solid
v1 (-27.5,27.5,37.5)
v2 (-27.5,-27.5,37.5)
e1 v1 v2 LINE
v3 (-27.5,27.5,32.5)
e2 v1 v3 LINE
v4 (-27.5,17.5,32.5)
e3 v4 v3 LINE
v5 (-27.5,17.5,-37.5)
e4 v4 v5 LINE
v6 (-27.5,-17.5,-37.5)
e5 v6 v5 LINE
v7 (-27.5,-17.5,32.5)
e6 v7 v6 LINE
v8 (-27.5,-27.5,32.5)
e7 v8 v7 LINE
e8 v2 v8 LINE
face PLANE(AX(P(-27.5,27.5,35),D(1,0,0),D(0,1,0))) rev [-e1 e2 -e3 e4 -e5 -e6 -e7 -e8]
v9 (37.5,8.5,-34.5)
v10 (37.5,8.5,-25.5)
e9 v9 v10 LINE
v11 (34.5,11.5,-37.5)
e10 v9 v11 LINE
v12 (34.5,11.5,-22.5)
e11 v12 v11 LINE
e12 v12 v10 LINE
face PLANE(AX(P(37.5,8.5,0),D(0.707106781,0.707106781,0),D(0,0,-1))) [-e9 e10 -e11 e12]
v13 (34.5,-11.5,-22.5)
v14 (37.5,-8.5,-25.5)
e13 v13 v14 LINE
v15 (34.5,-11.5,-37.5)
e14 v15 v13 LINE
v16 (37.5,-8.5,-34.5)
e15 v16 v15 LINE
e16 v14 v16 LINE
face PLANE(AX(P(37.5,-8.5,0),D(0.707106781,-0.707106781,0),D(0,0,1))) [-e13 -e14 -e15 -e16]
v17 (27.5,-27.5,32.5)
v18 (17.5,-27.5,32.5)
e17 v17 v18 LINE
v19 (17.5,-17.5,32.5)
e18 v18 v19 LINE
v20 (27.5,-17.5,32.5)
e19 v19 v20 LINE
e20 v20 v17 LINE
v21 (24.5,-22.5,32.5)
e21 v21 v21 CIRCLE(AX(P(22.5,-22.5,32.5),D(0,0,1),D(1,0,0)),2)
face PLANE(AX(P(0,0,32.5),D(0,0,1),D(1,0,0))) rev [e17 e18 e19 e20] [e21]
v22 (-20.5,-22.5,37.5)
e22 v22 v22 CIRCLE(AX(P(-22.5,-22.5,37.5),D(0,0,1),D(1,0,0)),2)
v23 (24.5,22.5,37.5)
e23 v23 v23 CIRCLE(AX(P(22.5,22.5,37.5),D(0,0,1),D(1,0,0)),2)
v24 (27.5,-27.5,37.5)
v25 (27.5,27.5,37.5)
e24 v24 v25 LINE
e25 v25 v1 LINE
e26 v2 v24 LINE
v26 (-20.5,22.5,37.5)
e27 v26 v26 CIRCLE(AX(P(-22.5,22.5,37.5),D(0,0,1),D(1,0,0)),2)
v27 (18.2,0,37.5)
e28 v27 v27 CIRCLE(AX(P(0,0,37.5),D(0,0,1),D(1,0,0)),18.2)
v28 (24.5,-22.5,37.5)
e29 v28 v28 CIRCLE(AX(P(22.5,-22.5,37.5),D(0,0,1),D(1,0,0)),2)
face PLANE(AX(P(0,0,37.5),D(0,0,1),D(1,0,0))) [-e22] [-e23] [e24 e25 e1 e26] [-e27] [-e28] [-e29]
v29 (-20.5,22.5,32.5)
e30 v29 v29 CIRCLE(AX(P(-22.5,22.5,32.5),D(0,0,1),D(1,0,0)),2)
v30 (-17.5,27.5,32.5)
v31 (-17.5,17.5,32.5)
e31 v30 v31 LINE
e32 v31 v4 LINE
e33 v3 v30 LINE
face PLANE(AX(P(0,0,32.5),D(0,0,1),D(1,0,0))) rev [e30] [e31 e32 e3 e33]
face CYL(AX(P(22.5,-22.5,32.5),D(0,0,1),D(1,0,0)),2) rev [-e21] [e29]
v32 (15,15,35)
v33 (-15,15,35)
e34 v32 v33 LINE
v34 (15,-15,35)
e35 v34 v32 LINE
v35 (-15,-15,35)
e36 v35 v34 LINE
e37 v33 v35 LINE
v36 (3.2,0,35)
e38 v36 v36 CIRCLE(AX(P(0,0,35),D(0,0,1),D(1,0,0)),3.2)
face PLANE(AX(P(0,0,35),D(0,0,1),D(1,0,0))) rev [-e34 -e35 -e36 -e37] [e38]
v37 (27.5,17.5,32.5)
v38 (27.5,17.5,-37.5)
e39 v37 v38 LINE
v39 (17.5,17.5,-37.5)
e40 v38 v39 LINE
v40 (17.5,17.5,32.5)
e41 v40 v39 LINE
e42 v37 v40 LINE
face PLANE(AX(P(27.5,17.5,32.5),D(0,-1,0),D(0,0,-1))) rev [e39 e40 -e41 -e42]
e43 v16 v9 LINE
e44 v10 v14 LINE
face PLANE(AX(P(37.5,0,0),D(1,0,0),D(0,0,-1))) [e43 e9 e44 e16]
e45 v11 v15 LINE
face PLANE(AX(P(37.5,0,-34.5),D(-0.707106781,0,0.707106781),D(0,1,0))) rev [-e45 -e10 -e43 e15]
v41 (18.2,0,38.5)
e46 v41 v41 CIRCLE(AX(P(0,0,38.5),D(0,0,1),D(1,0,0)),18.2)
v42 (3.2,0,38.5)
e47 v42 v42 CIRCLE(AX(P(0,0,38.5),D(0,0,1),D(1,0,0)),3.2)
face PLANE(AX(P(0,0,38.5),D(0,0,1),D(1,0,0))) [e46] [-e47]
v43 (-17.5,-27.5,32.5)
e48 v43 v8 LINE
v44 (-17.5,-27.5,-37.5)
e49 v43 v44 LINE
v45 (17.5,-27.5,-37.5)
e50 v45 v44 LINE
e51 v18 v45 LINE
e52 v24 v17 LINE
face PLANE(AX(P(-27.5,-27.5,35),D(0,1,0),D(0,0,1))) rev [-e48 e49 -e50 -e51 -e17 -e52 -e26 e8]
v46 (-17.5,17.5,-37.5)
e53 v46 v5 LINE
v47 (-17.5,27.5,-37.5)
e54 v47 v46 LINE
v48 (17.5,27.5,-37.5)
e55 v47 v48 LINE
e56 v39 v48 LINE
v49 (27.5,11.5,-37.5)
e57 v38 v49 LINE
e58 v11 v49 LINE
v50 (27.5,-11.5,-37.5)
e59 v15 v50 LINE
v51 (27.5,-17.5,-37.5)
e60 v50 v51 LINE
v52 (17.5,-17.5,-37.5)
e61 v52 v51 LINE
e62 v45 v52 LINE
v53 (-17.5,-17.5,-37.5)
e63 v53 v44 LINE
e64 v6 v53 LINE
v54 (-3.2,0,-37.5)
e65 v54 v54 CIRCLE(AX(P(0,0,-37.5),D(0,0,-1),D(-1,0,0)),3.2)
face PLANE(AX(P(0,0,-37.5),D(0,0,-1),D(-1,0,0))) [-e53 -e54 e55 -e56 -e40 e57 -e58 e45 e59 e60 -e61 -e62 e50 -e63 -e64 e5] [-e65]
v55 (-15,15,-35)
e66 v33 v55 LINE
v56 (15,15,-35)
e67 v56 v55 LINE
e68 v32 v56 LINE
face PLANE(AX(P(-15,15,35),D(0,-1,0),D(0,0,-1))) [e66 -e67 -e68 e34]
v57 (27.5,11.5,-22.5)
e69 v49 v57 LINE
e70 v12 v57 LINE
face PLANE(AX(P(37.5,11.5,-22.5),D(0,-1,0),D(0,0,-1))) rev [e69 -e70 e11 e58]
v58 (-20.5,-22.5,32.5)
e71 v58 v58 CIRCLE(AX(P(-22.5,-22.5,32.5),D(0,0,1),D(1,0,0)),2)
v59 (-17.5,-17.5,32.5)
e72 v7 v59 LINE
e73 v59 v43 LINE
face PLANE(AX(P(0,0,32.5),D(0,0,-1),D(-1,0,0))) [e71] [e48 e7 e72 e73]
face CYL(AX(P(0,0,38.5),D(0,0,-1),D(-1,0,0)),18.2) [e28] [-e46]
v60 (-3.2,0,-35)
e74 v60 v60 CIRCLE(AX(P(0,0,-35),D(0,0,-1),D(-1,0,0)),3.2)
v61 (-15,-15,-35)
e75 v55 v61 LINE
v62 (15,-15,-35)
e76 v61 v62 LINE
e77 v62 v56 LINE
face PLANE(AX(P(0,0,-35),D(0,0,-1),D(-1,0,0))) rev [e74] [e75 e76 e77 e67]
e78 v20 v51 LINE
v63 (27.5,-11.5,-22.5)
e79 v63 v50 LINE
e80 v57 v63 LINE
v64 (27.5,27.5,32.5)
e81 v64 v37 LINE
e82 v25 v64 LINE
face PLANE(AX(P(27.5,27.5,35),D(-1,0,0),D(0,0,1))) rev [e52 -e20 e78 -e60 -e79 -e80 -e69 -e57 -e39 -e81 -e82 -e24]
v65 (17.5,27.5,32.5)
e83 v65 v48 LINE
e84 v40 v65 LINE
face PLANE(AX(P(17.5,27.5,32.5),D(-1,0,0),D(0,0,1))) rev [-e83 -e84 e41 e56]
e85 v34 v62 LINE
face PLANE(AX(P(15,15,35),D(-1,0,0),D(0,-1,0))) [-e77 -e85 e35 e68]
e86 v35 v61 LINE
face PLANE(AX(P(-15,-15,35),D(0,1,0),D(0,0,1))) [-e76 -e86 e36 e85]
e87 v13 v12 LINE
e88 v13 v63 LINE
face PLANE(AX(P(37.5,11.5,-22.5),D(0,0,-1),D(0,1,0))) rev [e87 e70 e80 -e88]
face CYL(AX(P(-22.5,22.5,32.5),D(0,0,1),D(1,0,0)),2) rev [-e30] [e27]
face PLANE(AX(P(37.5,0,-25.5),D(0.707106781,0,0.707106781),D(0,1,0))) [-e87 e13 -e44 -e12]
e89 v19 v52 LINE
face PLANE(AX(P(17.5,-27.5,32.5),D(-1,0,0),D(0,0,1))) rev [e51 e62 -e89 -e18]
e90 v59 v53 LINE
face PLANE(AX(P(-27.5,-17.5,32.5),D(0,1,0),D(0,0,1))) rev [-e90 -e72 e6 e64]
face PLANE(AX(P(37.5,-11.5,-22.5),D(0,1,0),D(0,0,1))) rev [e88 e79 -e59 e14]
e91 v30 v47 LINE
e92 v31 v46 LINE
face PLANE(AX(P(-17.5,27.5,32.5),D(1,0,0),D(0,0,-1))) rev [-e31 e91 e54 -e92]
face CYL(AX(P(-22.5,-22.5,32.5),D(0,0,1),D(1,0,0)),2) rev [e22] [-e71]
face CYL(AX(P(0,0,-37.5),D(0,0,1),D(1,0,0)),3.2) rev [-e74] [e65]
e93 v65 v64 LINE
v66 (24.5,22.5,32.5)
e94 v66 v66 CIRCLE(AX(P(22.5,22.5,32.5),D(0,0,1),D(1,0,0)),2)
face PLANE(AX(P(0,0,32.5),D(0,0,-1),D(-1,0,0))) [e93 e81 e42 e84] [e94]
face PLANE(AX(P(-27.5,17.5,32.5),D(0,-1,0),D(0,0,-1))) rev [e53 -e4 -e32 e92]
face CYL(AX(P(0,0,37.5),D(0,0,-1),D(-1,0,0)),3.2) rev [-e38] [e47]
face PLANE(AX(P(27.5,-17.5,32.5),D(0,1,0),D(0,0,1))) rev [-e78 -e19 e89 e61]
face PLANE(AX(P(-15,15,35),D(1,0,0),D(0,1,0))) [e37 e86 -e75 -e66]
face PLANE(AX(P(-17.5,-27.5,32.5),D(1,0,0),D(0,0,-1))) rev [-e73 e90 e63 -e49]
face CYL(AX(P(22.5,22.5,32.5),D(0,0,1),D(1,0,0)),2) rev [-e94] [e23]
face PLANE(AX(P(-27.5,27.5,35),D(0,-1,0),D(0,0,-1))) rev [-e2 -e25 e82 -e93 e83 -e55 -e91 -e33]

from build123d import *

# Parameters (mm, degrees)
SKETCH2_W           = 55
SKETCH2_H           = 55
SKETCH2_W_2         = 30
SKETCH2_H_2         = 30
BOSS_EXTRUDE1_DEPTH = 35
SKETCH3_W           = 55
SKETCH3_H           = 55
SKETCH3_R           = 3.2
BOSS_EXTRUDE2_DEPTH = 2.5
SKETCH4_W           = 55
SKETCH4_H           = 55
SKETCH4_R           = 3.2
BOSS_EXTRUDE3_DEPTH = 2.5
SKETCH6_R           = 18.2
SKETCH6_R_2         = 3.2
BOSS_EXTRUDE4_DEPTH = 1
SKETCH7_W           = 15
SKETCH7_H           = 23
BOSS_EXTRUDE5_DEPTH = 10
CHAMFER1_SIZE       = 3
SKETCH8_W           = 10
SKETCH8_H           = 10
CUT_EXTRUDE1_DEPTH  = 70
SKETCH9_R           = 2
CUT_EXTRUDE2_DEPTH  = 5


with BuildPart() as part:
    # Sketch2 → Boss-Extrude1 (new body, symmetric)
    with BuildSketch(Plane.XY):
        Rectangle(SKETCH2_W, SKETCH2_H)
        Rectangle(SKETCH2_W_2, SKETCH2_H_2, mode=Mode.SUBTRACT)
    extrude(amount=BOSS_EXTRUDE1_DEPTH, both=True)

    # Sketch3 → Boss-Extrude2 (add)
    with BuildSketch(Plane.XY.offset(35)):
        Rectangle(SKETCH3_W, SKETCH3_H)
        Circle(SKETCH3_R, mode=Mode.SUBTRACT)
    extrude(amount=BOSS_EXTRUDE2_DEPTH)

    # Sketch4 → Boss-Extrude3 (add)
    with BuildSketch(Plane(origin=(0, 0, -35), x_dir=(-1, 0, 0), z_dir=(0, 0, -1))):
        Rectangle(SKETCH4_W, SKETCH4_H)
        Circle(SKETCH4_R, mode=Mode.SUBTRACT)
    extrude(amount=BOSS_EXTRUDE3_DEPTH)

    # Sketch6 → Boss-Extrude4 (add)
    with BuildSketch(Plane.XY.offset(37.5)):
        Circle(SKETCH6_R)
        Circle(SKETCH6_R_2, mode=Mode.SUBTRACT)
    extrude(amount=BOSS_EXTRUDE4_DEPTH)

    # Sketch7 → Boss-Extrude5 (add)
    with BuildSketch(Plane(origin=(27.5, 0, 0), x_dir=(0, 0, -1), z_dir=(1, 0, 0))):
        with Locations((30, 0)):
            Rectangle(SKETCH7_W, SKETCH7_H)
    extrude(amount=BOSS_EXTRUDE5_DEPTH)

    # Chamfer1
    chamfer1_edges = [part.edges().sort_by_distance(p)[0] for p in [
        (37.5, 0, -22.5),
        (37.5, -11.5, -30),
        (37.5, 0, -37.5),
        (37.5, 11.5, -30),
    ]]
    chamfer(chamfer1_edges, length=CHAMFER1_SIZE)

    # Sketch8 → Cut-Extrude1 (cut)
    with BuildSketch(Plane(origin=(0, 0, -37.5), x_dir=(-1, 0, 0), z_dir=(0, 0, -1))):
        with Locations((-22.5, 22.5)):
            Rectangle(SKETCH8_W, SKETCH8_H)
        with Locations((22.5, 22.5)):
            Rectangle(SKETCH8_W, SKETCH8_H)
        with Locations((-22.5, -22.5)):
            Rectangle(SKETCH8_W, SKETCH8_H)
        with Locations((22.5, -22.5)):
            Rectangle(SKETCH8_W, SKETCH8_H)
    extrude(amount=-CUT_EXTRUDE1_DEPTH, mode=Mode.SUBTRACT)

    # Sketch9 → Cut-Extrude2 (cut)
    with BuildSketch(Plane.XY.offset(37.5)):
        with Locations((-22.5, 22.5)):
            Circle(SKETCH9_R)
        with Locations((22.5, 22.5)):
            Circle(SKETCH9_R)
        with Locations((-22.5, -22.5)):
            Circle(SKETCH9_R)
        with Locations((22.5, -22.5)):
            Circle(SKETCH9_R)
    extrude(amount=-CUT_EXTRUDE2_DEPTH, mode=Mode.SUBTRACT)


solid = part.part
